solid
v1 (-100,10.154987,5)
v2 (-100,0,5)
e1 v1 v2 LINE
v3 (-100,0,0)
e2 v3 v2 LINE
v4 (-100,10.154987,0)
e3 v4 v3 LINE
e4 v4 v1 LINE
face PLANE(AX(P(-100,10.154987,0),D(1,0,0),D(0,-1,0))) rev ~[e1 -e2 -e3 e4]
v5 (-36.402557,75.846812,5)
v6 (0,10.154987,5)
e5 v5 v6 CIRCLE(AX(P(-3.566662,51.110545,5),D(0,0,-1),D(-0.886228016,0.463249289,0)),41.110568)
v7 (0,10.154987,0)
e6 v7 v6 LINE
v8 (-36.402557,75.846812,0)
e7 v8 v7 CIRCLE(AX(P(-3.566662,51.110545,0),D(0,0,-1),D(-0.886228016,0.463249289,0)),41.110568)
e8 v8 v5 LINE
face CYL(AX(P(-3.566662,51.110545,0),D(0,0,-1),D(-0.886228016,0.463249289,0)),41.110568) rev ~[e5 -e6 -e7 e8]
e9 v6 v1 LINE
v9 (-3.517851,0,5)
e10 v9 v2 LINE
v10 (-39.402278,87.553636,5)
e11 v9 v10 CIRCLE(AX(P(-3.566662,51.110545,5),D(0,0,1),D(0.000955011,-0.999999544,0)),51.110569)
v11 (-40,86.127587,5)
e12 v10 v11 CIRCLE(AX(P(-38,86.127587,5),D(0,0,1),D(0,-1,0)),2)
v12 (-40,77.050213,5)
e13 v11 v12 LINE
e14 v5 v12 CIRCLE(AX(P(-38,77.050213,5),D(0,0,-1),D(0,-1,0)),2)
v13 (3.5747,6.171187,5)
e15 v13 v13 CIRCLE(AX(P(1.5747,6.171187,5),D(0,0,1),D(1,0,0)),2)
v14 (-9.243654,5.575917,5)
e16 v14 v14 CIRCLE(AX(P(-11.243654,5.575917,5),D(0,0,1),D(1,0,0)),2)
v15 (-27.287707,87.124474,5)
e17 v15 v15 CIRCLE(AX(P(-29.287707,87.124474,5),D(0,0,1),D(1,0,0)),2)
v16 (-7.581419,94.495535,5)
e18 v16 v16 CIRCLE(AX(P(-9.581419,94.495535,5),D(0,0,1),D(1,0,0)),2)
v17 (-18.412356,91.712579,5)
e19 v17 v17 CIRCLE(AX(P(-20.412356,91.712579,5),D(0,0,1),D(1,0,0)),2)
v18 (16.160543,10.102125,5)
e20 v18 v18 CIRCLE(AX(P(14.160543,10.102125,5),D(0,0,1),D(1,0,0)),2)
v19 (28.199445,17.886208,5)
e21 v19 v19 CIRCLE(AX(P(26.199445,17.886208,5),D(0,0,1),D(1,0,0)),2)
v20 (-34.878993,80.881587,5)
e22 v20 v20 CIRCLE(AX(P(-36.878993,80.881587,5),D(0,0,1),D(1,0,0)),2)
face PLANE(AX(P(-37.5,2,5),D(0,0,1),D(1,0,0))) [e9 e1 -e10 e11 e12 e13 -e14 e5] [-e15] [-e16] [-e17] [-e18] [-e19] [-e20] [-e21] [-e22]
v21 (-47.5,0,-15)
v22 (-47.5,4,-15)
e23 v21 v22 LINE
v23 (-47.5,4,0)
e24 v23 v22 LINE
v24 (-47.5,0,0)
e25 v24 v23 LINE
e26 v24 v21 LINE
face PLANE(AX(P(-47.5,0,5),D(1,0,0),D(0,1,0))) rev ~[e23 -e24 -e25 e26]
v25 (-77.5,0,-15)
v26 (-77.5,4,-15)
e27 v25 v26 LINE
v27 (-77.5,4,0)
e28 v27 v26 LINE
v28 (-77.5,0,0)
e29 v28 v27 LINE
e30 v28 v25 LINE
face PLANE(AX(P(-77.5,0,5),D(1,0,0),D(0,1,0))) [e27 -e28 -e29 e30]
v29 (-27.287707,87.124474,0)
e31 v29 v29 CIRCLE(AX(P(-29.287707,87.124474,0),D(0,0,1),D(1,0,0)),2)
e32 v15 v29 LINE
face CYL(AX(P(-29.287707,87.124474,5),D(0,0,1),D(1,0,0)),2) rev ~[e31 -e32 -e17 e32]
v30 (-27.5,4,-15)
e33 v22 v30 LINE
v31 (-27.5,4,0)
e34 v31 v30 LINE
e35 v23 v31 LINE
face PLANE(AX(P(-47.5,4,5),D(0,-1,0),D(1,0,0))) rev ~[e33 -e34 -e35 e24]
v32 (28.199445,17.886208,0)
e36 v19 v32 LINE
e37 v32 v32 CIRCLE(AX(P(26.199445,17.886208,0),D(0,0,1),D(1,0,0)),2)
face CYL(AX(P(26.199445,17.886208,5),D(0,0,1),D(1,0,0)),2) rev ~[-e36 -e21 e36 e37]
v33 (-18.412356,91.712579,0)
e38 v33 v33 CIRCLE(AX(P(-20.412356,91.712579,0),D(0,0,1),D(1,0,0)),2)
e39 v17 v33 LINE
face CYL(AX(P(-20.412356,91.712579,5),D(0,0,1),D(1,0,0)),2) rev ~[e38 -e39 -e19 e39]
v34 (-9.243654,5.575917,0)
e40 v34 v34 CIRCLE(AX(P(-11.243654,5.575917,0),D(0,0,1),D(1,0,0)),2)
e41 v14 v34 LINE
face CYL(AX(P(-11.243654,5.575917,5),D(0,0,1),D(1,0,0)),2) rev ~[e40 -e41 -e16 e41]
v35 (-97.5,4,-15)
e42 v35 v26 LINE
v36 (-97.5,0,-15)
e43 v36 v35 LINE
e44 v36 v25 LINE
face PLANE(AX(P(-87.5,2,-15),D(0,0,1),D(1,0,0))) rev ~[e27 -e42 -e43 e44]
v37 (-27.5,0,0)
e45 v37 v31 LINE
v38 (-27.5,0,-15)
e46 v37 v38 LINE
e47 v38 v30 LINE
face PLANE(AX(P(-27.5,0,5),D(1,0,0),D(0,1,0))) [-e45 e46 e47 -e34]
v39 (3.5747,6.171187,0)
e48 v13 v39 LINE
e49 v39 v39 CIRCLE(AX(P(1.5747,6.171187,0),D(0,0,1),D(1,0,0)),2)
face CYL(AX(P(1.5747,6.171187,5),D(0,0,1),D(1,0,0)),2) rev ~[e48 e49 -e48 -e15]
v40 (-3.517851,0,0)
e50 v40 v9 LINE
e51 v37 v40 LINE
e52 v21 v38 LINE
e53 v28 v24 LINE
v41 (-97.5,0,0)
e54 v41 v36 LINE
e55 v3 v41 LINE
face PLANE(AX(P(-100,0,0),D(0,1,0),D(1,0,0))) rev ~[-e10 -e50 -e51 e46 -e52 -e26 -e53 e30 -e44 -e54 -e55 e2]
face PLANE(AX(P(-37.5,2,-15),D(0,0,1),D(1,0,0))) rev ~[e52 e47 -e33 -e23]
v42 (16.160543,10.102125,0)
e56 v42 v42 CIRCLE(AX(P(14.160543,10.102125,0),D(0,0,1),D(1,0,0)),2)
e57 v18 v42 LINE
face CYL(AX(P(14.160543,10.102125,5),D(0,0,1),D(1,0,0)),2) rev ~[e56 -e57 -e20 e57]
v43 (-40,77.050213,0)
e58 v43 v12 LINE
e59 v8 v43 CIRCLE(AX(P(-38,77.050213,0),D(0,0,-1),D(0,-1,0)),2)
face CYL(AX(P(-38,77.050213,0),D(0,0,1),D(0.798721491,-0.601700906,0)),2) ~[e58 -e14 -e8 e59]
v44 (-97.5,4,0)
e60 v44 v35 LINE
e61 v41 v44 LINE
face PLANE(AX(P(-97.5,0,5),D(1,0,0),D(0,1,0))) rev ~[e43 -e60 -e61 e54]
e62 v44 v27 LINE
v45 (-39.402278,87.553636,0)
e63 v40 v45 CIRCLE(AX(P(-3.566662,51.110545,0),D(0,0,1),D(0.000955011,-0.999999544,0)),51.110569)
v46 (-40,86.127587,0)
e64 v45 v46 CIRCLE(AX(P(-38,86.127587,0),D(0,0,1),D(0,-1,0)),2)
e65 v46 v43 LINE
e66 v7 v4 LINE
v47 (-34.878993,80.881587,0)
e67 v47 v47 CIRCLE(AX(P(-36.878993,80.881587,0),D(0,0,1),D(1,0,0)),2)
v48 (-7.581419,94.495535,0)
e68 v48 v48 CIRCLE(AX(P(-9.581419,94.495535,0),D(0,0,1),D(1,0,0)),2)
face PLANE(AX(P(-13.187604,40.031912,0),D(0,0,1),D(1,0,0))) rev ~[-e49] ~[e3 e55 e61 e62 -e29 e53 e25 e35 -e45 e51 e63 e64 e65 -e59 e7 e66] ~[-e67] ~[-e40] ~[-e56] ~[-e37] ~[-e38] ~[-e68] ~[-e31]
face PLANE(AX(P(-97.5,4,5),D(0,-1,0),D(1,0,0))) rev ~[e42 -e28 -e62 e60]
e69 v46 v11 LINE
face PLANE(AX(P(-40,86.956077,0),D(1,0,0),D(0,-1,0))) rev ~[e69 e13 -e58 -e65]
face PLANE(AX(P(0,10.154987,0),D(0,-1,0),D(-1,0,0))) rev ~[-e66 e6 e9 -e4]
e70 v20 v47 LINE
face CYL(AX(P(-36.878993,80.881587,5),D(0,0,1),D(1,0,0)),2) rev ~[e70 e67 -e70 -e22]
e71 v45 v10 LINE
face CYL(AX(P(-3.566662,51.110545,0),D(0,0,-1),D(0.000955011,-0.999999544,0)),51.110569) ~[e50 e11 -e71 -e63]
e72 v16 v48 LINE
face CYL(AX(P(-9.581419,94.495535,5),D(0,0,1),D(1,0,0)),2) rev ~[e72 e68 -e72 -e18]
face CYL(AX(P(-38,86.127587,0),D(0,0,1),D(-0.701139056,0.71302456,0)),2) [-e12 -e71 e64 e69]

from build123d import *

# Parameters (mm, degrees)
F1_DEPTH = 5
F2_R     = 2
F3_R     = 2
F4_DEPTH = 5
F5_W     = 20
F5_H     = 4
F6_DEPTH = 20


with BuildPart() as f1:
    # F0 (on Top) → F1 (new body)
    with BuildSketch(Plane.XY):
        with BuildLine():
            ThreePointArc((-40, 70.154987), (30.639398, 73.914586), (0, 10.154987))
            Line((0, 10.154987), (-100, 10.154987))
            Line((-100, 10.154987), (-100, 0))
            Line((-100, 0), (-3.517851, 0))
            ThreePointArc((-3.517851, 0), (43.563989, 70.884062), (-40, 86.956077))
            Line((-40, 86.956077), (-40, 70.154987))
        make_face()
    extrude(amount=F1_DEPTH)

    # F2
    f2_edges = [f1.edges().sort_by_distance(p)[0] for p in [
        (-40, 70.154987, 2.5),
        (-40, 86.956077, 2.5),
    ]]
    fillet(f2_edges, radius=F2_R)

    # F3 (on face) → F4 (cut)
    with BuildSketch(Plane.XY.offset(5)):
        with Locations((-36.878993, 80.881587)):
            Circle(F3_R)
        with Locations((-20.412356, 91.712579)):
            Circle(F3_R)
        with Locations((-9.581419, 94.495535)):
            Circle(F3_R)
        with Locations((-29.287707, 87.124474)):
            Circle(F3_R)
        with Locations((-11.243654, 5.575917)):
            Circle(F3_R)
        with Locations((14.160543, 10.102125)):
            Circle(F3_R)
        with Locations((26.199445, 17.886208)):
            Circle(F3_R)
        with Locations((1.5747, 6.171187)):
            Circle(F3_R)
    extrude(amount=-F4_DEPTH, mode=Mode.SUBTRACT)

    # F5 (on face) → F6 (join)
    with BuildSketch(Plane.XY.offset(5)):
        with Locations((-37.5, 2)):
            Rectangle(F5_W, F5_H)
        with Locations((-87.5, 2)):
            Rectangle(F5_W, F5_H)
    extrude(amount=-F6_DEPTH)


solid = f1.part
